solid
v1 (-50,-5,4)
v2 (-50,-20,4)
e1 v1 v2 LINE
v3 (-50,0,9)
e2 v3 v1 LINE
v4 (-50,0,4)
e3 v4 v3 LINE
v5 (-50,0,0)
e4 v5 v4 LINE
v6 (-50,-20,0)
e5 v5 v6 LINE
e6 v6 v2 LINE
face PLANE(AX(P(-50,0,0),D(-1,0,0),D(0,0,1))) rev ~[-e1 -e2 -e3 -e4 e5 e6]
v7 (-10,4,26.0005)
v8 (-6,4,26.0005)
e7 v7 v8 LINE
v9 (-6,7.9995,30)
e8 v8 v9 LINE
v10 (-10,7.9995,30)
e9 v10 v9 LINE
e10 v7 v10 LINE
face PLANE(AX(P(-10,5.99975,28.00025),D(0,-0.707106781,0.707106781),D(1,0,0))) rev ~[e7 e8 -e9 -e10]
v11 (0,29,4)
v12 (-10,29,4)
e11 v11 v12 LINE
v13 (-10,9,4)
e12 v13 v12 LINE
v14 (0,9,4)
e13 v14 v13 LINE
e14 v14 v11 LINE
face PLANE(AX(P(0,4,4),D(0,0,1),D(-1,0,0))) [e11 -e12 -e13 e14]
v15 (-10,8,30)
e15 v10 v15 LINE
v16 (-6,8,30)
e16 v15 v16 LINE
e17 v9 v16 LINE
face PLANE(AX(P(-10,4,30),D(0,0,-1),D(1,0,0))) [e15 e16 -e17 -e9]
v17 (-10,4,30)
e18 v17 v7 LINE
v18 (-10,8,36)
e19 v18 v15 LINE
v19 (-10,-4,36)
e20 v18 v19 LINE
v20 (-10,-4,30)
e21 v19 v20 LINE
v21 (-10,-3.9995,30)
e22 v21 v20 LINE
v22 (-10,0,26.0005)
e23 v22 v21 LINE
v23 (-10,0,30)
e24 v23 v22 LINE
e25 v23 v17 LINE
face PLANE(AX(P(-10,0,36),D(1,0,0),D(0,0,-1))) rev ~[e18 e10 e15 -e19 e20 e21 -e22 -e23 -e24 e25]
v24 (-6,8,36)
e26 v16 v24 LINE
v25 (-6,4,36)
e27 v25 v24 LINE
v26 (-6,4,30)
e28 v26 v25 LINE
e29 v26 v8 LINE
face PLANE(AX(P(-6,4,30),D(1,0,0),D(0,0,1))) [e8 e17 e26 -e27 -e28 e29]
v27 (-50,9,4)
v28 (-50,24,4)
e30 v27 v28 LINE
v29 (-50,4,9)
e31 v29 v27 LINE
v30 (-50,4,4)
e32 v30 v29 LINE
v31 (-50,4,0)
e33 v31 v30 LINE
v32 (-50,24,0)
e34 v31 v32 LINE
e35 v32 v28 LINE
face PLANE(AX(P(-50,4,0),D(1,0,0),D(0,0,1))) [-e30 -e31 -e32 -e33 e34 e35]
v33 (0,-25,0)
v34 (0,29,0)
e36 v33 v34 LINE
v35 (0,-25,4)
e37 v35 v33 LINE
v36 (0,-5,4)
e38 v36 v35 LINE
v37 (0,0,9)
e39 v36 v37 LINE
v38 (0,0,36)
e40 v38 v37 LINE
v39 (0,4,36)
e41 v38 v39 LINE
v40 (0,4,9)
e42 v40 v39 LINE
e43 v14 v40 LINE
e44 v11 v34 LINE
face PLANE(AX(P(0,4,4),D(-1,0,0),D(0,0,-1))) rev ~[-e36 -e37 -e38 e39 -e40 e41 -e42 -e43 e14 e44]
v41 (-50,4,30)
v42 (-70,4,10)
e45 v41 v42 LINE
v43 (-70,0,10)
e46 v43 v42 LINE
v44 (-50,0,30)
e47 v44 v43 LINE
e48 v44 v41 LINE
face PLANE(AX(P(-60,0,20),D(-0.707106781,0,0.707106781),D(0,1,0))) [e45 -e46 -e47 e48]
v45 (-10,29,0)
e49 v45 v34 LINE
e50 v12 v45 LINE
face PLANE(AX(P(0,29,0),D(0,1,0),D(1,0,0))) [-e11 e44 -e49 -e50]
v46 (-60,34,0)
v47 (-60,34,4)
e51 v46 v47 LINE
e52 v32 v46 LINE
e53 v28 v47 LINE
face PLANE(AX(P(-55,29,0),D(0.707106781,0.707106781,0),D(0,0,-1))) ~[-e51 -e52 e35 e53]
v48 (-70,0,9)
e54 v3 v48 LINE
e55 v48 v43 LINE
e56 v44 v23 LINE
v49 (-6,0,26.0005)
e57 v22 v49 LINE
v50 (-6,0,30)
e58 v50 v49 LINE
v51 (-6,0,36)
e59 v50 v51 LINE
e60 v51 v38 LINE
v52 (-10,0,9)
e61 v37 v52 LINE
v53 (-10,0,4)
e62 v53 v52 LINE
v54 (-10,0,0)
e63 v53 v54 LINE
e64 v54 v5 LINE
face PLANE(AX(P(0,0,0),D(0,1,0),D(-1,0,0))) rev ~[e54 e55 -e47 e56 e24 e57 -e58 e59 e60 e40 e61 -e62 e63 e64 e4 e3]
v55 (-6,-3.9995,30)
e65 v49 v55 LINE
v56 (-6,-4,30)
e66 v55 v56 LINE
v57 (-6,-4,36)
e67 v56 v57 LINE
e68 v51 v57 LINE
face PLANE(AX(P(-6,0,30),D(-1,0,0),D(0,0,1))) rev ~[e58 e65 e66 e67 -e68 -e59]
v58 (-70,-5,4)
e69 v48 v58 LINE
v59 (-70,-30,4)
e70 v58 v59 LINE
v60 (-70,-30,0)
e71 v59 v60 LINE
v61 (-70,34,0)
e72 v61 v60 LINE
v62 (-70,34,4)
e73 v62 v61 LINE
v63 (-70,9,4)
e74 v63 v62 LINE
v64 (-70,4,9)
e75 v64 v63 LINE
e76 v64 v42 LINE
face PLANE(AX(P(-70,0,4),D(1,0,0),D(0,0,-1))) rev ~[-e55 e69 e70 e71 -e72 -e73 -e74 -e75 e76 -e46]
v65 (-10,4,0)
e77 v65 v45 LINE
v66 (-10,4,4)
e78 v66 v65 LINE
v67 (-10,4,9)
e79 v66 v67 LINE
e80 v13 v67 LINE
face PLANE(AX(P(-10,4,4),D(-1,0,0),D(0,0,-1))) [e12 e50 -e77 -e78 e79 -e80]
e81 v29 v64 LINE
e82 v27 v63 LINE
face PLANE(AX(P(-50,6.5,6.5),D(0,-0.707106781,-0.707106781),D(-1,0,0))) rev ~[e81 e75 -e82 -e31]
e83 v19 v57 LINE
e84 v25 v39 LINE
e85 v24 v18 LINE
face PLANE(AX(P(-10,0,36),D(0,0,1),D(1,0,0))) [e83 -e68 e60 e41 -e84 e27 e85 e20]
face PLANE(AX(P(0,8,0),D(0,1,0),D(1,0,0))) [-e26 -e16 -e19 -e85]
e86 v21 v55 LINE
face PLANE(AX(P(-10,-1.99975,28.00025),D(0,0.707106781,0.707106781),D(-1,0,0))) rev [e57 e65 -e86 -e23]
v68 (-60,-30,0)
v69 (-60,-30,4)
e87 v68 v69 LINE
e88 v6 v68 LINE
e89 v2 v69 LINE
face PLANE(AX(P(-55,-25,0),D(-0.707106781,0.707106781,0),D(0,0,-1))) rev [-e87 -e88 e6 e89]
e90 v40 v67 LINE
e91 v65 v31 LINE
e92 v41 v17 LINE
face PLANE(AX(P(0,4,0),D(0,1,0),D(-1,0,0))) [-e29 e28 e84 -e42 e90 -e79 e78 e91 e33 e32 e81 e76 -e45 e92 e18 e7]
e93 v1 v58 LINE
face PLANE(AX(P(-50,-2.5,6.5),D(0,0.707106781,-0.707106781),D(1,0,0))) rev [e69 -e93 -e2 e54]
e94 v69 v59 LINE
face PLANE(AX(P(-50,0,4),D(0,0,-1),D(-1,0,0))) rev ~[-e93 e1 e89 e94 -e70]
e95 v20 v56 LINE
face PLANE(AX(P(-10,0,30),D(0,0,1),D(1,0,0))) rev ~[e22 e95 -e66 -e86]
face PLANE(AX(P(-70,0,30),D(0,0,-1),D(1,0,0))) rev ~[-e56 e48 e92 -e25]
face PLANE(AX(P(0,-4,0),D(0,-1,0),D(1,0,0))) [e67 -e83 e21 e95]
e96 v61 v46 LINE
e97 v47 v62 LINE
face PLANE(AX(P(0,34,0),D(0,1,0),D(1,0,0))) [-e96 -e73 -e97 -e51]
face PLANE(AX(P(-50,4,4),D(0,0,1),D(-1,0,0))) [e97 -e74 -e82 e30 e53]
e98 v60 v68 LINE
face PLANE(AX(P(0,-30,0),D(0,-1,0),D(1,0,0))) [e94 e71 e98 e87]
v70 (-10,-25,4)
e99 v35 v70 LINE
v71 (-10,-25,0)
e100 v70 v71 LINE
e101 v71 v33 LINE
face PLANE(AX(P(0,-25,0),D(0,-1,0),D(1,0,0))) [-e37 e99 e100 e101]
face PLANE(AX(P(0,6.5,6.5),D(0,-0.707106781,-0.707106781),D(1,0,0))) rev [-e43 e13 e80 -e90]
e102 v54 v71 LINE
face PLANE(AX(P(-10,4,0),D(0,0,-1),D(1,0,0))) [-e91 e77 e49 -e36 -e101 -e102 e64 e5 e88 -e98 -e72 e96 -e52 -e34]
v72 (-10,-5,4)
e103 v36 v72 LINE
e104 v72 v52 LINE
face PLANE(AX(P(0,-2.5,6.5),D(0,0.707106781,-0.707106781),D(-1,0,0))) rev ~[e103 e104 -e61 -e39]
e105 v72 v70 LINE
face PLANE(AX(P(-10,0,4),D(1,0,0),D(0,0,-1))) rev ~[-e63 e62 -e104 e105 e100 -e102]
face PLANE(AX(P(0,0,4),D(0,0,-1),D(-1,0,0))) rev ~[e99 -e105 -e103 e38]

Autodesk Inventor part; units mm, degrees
ref_plane "YZ Plane" through (0, 0, 0) normal (1, 0, 0) x (0, 1, 0)
ref_plane "XZ Plane" through (0, 0, 0) normal (0, 1, 0) x (-1, 0, 0)
ref_plane "XY Plane" through (0, 0, 0) normal (0, 0, 1) x (1, 0, 0)
sketch "Boceto1" plane through (0, 0, 0) normal (0, 1, 0) x (-1, 0, 0)
  line L0 (0, 0) -> (70, 0)
  line L1 (70, 0) -> (70, 30)
  line L2 (70, 30) -> (0, 30)
  line L3 (0, 30) -> (0, 0)
  line L4 (0, 30) -> (10, 30)
  line L5 (10, 30) -> (10, 36)
  line L6 (10, 36) -> (0, 36)
  line L7 (0, 36) -> (0, 30)
  dimension "d0" = 10
  dimension "d14" = 70
extrude "Extrusión1" add sketch "Boceto1" along normal blind 4
sketch "Boceto2" plane through (0, 4, 0) normal (0, 1, 0) x (1, 0, 0)
  line L0 (-10, -30) -> (-6, -30)
  line L1 (-6, -30) -> (-6, -36)
  line L2 (-6, -36) -> (-10, -36)
  line L3 (-10, -36) -> (-10, -30)
extrude "Extrusión2" add sketch "Boceto2" along normal blind 4
chamfer "Chaflán1" distance 20 angle 45 1 edges at (-70, 2, 30)
sketch "Boceto6" plane through (0, 4, 0) normal (0, 1, 0) x (1, 0, 0)
  line L0 (-70, 0) -> (-50, 0)
  line L1 (-50, 0) -> (-50, -4)
  line L2 (-50, -4) -> (-70, -4)
  line L3 (-70, -4) -> (-70, 0)
  dimension "d15" = 20
extrude "Extrusión4" add sketch "Boceto6" along normal blind 30
chamfer "Chaflán2" distance 10 angle 45 1 edges at (-50, 34, 2)
sketch "Boceto7" plane through (0, 0, 0) normal (0, -1, 0) x (1, 0, 0)
  line L0 (-70, 0) -> (-50, 0)
  line L1 (-50, 0) -> (-50, 4)
  line L2 (-50, 4) -> (-70, 4)
  line L3 (-70, 4) -> (-70, 0)
  dimension "d19" = 20
extrude "Extrusión5" add sketch "Boceto7" along normal blind 30
sketch "Boceto8" plane through (0, 0, 0) normal (0, -1, 0) x (1, 0, 0)
  line L0 (-10, 36) -> (0, 36) projected
  line L1 (-10, 30) -> (-6, 30)
  line L2 (-6, 30) -> (-6, 36)
  line L3 (-6, 36) -> (-10, 36)
  line L4 (-10, 36) -> (-10, 30)
extrude "Extrusión6" add sketch "Boceto8" along normal blind 4
chamfer "Chaflán3" distance 10 angle 45 1 edges at (-50, -30, 2)
sketch "Boceto9" plane through (0, 0, 0) normal (0, -1, 0) x (1, 0, 0)
  line L0 (0, 36) -> (0, 0) projected
  line L1 (0, 0) -> (0, 4)
  line L2 (0, 4) -> (-10, 4)
  line L3 (-10, 4) -> (-10, 0)
  line L4 (-10, 0) -> (0, 0)
extrude "Extrusión7" add sketch "Boceto9" along normal blind 25
sketch "Boceto10" plane through (0, 4, 0) normal (0, 1, 0) x (1, 0, 0)
  line L0 (0, -36) -> (0, 0) projected
  line L1 (0, 0) -> (0, -4)
  line L2 (0, -4) -> (-10, -4)
  line L3 (-10, -4) -> (-10, 0)
  line L4 (-10, 0) -> (0, 0)
extrude "Extrusión8" add sketch "Boceto10" along normal blind 25
chamfer "Chaflán4" distance 5 angle 45 4 edges at (-60, 0, 4) (-5, 0, 4) (-60, 4, 4) (-5, 4, 4)
chamfer "Chaflán5" distance 4 angle 45 2 edges at (-8, 4, 30) (-8, 0, 30)
properties part number "Pata"
